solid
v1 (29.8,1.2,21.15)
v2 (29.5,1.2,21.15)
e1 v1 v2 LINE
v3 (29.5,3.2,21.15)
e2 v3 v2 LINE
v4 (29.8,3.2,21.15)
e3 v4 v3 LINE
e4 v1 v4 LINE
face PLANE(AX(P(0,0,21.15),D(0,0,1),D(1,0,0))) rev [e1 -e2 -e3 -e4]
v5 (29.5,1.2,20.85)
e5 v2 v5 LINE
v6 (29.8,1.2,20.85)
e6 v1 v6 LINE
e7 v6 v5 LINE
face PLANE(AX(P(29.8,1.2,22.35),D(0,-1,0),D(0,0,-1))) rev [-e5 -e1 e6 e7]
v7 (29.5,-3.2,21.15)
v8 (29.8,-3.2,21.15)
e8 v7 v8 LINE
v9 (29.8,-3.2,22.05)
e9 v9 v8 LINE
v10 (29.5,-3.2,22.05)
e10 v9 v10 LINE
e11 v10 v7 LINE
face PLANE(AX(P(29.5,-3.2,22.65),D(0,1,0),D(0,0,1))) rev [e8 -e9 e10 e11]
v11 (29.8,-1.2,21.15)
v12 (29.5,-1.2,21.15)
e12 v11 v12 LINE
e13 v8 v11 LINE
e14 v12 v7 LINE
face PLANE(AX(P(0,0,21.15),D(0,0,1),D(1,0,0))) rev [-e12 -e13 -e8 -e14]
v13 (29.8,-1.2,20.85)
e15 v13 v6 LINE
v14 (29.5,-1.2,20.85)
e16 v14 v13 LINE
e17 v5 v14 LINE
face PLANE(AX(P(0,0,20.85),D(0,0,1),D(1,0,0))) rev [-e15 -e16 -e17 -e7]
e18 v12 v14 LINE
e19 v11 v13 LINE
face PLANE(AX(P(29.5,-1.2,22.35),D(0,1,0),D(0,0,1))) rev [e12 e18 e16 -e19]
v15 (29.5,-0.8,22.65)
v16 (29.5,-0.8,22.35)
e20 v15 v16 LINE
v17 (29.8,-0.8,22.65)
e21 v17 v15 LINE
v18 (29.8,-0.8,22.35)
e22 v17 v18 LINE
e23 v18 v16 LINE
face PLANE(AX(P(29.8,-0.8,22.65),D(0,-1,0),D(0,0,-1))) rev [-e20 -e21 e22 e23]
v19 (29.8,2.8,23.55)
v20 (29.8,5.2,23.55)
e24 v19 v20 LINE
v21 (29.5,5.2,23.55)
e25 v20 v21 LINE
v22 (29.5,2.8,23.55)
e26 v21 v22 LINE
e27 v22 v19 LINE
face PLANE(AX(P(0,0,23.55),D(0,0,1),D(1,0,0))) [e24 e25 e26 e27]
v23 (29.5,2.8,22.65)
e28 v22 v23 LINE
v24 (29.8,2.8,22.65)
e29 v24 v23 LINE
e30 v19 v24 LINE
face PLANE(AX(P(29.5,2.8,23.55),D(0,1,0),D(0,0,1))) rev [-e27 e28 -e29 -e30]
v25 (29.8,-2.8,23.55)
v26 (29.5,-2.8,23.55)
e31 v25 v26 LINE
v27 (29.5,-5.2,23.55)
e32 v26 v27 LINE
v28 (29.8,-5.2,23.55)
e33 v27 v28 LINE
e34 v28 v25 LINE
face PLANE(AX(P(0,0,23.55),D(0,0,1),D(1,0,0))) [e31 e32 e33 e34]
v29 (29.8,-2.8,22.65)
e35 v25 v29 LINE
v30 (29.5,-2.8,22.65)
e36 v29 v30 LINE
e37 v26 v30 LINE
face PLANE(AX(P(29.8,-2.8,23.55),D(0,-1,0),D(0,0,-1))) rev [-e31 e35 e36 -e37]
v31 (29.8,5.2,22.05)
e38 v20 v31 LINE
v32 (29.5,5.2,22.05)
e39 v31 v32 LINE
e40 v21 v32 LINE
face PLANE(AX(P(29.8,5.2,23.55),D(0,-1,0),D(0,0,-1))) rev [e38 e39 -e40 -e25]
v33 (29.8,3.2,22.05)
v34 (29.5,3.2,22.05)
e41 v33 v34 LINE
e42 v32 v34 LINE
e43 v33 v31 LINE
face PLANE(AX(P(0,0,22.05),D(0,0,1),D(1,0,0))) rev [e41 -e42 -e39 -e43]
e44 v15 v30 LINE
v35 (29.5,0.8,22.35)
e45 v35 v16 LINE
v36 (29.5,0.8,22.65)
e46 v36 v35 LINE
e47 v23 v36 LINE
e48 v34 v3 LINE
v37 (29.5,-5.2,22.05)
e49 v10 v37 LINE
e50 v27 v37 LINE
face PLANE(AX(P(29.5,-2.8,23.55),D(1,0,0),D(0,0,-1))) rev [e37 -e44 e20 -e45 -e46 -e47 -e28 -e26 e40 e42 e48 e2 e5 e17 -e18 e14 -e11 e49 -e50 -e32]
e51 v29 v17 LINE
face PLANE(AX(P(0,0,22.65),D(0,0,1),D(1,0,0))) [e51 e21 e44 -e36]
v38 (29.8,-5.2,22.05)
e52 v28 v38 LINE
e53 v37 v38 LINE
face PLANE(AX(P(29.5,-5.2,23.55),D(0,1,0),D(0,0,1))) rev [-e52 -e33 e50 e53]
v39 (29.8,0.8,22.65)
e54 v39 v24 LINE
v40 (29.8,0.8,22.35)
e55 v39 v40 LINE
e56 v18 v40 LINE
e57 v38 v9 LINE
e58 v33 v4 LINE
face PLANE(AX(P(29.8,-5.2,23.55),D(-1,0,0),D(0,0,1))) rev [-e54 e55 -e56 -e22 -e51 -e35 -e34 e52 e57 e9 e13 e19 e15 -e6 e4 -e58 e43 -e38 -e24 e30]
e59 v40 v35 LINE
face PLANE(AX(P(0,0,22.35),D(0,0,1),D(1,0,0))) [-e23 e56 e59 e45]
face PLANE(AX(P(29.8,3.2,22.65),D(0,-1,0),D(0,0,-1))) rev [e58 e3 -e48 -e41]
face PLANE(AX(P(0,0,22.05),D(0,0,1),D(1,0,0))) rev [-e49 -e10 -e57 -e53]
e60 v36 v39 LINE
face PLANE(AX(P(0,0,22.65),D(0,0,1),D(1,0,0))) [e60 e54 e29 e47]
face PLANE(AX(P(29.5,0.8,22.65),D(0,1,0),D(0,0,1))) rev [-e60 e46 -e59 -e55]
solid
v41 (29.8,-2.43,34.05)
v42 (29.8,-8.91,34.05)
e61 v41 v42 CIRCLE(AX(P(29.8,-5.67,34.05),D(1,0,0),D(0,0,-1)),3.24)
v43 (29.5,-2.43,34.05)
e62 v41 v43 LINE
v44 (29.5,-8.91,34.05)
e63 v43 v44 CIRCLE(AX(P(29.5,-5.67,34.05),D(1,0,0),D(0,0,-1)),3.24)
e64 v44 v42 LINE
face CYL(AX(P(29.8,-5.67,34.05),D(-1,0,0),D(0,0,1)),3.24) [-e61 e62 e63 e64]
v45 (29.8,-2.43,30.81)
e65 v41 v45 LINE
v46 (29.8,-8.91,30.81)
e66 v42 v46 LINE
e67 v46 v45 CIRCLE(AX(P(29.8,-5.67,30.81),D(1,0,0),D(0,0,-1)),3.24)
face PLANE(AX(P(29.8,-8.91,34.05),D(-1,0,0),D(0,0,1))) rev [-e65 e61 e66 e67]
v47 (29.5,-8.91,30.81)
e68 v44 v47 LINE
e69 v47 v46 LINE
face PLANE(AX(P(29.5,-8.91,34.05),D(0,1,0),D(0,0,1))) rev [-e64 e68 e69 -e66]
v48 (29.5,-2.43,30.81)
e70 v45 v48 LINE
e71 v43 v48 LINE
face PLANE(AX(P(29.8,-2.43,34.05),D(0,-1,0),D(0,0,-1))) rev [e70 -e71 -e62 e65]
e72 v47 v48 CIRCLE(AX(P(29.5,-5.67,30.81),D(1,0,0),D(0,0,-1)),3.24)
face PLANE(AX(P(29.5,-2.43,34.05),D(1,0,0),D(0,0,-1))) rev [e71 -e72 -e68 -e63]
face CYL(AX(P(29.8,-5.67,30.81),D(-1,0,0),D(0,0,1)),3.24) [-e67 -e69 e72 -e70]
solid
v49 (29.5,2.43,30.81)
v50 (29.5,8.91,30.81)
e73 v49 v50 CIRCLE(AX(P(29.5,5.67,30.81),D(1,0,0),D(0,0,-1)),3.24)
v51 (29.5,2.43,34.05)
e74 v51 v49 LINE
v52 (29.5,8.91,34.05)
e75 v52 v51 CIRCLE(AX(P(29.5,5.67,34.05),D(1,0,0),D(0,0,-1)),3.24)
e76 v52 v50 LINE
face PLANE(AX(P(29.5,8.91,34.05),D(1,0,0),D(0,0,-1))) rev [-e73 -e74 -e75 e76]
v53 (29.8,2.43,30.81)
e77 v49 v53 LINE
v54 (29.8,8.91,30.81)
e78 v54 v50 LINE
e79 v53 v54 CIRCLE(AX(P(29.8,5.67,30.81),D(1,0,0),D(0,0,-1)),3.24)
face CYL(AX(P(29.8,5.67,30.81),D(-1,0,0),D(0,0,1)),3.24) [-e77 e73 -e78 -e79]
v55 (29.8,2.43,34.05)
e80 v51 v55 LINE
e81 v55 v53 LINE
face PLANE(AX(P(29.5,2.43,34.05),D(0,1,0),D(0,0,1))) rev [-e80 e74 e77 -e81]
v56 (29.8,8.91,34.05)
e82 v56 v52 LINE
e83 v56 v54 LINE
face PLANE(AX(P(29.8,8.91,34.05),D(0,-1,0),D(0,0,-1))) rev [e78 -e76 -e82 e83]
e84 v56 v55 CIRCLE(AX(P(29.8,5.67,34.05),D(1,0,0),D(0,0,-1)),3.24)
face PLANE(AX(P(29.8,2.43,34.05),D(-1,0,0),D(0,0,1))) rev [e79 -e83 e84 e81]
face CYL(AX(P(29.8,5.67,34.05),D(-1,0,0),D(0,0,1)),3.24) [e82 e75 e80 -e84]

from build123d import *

# Parameters (mm, degrees)
S_BOX1_W      = 0.3
S_BOX1_H      = 6.48
BOSS_1_DEPTH  = 3.24
S_CYL2_R      = 3.24
BOSS_2_DEPTH  = 0.3
S_CYL3_R      = 3.24
BOSS_3_DEPTH  = 0.3
S_BOX4_W      = 0.3
S_BOX4_H      = 6.48
BOSS_4_DEPTH  = 3.24
S_CYL5_R      = 3.24
BOSS_5_DEPTH  = 0.3
S_CYL6_R      = 3.24
BOSS_6_DEPTH  = 0.3
S_BOX7_W      = 0.3
S_BOX7_H      = 2.4
BOSS_7_DEPTH  = 1.5
S_BOX8_W      = 0.3
S_BOX8_H      = 2.4
BOSS_8_DEPTH  = 1.5
S_BOX9_W      = 0.3
S_BOX9_H      = 2.4
BOSS_9_DEPTH  = 1.5
S_BOX10_W     = 0.3
S_BOX10_H     = 2.4
BOSS_10_DEPTH = 1.5
S_BOX11_W     = 0.3
S_BOX11_H     = 2.4
BOSS_11_DEPTH = 1.5


with BuildPart() as part:
    # S_box1 → Boss_1 (new body)
    with BuildSketch(Plane.XY.offset(30.81)):
        with Locations((29.65, 5.67)):
            Rectangle(S_BOX1_W, S_BOX1_H)
    extrude(amount=BOSS_1_DEPTH)

    # S_cyl2 → Boss_2 (add)
    with BuildSketch(Plane(origin=(29.5, 0, 0), x_dir=(0, 0, -1), z_dir=(1, 0, 0))):
        with Locations((-30.81, 5.67)):
            Circle(S_CYL2_R)
    extrude(amount=BOSS_2_DEPTH)

    # S_cyl3 → Boss_3 (add)
    with BuildSketch(Plane(origin=(29.5, 0, 0), x_dir=(0, 0, -1), z_dir=(1, 0, 0))):
        with Locations((-34.05, 5.67)):
            Circle(S_CYL3_R)
    extrude(amount=BOSS_3_DEPTH)


with BuildPart() as body_2:
    # S_box4 → Boss_4 (new body)
    with BuildSketch(Plane.XY.offset(30.81)):
        with Locations((29.65, -5.67)):
            Rectangle(S_BOX4_W, S_BOX4_H)
    extrude(amount=BOSS_4_DEPTH)

    # S_cyl5 → Boss_5 (add)
    with BuildSketch(Plane(origin=(29.5, 0, 0), x_dir=(0, 0, -1), z_dir=(1, 0, 0))):
        with Locations((-30.81, -5.67)):
            Circle(S_CYL5_R)
    extrude(amount=BOSS_5_DEPTH)

    # S_cyl6 → Boss_6 (add)
    with BuildSketch(Plane(origin=(29.5, 0, 0), x_dir=(0, 0, -1), z_dir=(1, 0, 0))):
        with Locations((-34.05, -5.67)):
            Circle(S_CYL6_R)
    extrude(amount=BOSS_6_DEPTH)


with BuildPart() as body_3:
    # S_box7 → Boss_7 (new body)
    with BuildSketch(Plane.XY.offset(22.05)):
        with Locations((29.65, -4)):
            Rectangle(S_BOX7_W, S_BOX7_H)
    extrude(amount=BOSS_7_DEPTH)

    # S_box8 → Boss_8 (add)
    with BuildSketch(Plane.XY.offset(21.15)):
        with Locations((29.65, -2)):
            Rectangle(S_BOX8_W, S_BOX8_H)
    extrude(amount=BOSS_8_DEPTH)

    # S_box9 → Boss_9 (add)
    with BuildSketch(Plane.XY.offset(20.85)):
        with Locations((29.65, 0)):
            Rectangle(S_BOX9_W, S_BOX9_H)
    extrude(amount=BOSS_9_DEPTH)

    # S_box10 → Boss_10 (add)
    with BuildSketch(Plane.XY.offset(21.15)):
        with Locations((29.65, 2)):
            Rectangle(S_BOX10_W, S_BOX10_H)
    extrude(amount=BOSS_10_DEPTH)

    # S_box11 → Boss_11 (add)
    with BuildSketch(Plane.XY.offset(22.05)):
        with Locations((29.65, 4)):
            Rectangle(S_BOX11_W, S_BOX11_H)
    extrude(amount=BOSS_11_DEPTH)


solid = Compound([part.part, body_2.part, body_3.part])
